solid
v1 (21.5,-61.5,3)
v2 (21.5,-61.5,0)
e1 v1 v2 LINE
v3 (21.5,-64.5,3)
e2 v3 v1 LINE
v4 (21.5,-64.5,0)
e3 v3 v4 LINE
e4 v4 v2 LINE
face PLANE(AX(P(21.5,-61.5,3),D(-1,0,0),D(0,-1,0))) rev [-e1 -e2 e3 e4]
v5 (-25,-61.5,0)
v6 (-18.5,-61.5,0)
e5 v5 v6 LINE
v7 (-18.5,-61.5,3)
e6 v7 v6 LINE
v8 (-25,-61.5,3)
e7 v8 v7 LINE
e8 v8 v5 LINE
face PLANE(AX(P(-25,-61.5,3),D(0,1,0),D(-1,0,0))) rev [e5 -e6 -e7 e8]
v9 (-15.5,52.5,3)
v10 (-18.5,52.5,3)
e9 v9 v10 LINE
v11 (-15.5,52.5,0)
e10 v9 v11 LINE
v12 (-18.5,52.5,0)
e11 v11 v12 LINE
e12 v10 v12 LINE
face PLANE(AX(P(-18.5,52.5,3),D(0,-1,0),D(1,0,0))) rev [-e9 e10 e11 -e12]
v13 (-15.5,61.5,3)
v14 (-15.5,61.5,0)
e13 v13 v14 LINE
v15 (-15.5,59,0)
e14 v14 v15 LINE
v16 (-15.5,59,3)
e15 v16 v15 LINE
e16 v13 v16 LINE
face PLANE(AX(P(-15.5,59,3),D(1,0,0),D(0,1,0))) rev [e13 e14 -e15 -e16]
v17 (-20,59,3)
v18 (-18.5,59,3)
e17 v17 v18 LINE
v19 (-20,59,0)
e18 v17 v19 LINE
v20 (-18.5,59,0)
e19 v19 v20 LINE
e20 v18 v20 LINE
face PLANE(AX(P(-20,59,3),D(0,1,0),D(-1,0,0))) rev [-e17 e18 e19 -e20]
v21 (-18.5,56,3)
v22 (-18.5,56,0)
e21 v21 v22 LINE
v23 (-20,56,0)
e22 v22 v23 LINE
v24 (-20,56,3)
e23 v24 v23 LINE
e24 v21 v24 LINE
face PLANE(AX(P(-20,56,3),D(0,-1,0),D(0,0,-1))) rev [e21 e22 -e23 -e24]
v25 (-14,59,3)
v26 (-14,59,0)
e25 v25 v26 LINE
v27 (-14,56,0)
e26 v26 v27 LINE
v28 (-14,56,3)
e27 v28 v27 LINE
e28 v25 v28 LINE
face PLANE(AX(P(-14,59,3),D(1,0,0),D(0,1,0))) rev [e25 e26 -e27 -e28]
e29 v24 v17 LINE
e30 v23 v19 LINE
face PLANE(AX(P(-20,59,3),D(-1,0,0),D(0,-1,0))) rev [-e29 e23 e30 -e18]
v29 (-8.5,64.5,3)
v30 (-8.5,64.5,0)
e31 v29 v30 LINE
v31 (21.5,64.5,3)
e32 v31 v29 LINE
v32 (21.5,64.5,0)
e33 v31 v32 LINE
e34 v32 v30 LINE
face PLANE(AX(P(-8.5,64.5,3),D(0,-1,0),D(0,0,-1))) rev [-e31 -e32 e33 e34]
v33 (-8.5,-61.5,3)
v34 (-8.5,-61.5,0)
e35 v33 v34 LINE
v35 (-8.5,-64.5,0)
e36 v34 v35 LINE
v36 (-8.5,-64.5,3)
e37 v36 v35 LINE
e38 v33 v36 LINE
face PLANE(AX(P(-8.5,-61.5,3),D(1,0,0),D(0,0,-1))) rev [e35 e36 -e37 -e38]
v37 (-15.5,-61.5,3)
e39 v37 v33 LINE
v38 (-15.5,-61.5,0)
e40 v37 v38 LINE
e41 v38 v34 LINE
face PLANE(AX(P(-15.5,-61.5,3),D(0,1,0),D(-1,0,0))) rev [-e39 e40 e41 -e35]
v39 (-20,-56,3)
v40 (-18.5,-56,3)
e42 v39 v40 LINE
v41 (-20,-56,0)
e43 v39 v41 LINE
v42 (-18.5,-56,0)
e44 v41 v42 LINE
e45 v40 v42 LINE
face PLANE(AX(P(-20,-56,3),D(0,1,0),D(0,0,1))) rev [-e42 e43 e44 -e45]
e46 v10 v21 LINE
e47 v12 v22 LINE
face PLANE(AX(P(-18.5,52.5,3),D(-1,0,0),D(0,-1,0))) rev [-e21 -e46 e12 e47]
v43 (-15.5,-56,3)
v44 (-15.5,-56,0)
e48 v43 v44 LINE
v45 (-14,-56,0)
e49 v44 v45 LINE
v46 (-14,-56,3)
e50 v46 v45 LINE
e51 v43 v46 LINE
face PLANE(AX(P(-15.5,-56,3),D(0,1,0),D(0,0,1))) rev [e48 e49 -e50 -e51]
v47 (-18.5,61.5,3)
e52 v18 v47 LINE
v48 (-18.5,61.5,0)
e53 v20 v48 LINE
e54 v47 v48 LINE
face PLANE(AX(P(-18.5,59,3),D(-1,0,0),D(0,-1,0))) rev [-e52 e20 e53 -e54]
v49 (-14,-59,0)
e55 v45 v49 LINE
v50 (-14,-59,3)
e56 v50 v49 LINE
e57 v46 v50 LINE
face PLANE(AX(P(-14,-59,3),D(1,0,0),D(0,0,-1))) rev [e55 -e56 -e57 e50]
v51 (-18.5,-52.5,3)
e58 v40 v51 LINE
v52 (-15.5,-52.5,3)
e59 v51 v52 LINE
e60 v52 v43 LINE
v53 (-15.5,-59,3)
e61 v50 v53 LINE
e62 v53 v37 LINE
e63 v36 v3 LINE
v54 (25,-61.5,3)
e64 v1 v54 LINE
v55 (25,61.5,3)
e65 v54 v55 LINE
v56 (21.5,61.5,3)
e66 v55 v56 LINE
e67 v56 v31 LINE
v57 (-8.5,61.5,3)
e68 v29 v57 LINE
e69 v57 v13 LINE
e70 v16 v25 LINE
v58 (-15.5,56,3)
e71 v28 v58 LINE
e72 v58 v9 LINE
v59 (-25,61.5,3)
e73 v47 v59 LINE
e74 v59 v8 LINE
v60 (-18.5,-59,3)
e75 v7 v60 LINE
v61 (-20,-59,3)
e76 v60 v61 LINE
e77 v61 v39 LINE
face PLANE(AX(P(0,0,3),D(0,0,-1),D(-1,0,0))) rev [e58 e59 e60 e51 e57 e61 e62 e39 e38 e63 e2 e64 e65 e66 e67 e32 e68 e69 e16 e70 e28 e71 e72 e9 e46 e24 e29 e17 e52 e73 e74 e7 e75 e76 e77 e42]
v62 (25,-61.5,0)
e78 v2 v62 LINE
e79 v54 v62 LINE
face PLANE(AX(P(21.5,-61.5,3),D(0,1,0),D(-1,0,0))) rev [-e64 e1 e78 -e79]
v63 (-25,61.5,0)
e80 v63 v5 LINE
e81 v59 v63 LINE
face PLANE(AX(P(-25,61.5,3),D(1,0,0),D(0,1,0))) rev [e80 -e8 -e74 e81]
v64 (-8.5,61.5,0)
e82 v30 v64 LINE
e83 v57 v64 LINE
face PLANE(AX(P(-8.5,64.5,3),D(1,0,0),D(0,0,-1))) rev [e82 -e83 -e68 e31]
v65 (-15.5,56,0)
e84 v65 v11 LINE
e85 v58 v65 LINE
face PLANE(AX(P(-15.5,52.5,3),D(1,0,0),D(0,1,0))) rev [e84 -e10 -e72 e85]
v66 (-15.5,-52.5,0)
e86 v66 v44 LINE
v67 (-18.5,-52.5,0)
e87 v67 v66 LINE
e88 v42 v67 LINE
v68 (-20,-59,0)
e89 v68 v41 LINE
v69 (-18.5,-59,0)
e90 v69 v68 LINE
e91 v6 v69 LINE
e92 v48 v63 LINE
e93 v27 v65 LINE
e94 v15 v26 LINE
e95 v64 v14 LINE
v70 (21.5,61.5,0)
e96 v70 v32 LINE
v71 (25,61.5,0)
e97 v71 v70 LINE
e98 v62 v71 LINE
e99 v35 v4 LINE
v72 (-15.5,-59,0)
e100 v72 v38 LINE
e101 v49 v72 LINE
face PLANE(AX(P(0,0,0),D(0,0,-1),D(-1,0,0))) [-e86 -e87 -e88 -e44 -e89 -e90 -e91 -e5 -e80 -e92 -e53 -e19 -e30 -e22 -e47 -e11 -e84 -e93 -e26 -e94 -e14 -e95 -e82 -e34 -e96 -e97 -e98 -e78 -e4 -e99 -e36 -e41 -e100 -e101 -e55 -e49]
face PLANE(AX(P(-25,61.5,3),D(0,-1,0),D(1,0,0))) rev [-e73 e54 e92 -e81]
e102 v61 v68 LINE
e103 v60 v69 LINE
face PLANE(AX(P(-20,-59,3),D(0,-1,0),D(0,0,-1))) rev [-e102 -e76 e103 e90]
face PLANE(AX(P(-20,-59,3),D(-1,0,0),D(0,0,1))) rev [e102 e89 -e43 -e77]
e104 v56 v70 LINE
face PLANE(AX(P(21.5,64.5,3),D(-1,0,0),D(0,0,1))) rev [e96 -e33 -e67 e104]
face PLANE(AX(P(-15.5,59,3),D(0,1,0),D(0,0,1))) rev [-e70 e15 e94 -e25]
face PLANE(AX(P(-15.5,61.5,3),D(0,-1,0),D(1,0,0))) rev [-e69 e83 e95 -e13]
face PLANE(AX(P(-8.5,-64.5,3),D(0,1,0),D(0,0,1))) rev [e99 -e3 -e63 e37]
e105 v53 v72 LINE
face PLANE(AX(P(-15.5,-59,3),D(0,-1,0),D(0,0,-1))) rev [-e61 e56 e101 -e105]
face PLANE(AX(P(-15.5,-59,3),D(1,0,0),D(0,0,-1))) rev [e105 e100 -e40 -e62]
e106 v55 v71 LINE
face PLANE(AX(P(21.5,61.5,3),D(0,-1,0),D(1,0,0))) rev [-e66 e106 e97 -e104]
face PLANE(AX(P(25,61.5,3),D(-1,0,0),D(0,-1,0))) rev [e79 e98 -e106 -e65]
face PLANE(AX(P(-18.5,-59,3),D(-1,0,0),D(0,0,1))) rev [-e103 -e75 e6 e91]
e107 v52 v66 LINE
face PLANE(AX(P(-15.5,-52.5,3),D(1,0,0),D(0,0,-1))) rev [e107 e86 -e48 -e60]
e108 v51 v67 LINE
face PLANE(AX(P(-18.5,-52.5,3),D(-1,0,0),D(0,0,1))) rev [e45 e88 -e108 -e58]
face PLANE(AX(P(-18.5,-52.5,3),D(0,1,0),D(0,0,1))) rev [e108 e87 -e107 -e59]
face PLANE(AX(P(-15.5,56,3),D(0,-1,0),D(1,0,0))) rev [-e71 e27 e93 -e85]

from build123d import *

# Parameters (mm, degrees)
BOSS_EXTRUDE1_DEPTH = 3


with BuildPart() as part:
    # Sketch1 → Boss-Extrude1 (new body)
    with BuildSketch(Plane.XY):
        Polygon((-15.5, 61.5), (-8.5, 61.5), (-8.5, 64.5), (21.5, 64.5), (21.5, 61.5), (25, 61.5), (25, -61.5), (21.5, -61.5), (21.5, -64.5), (-8.5, -64.5), (-8.5, -61.5), (-15.5, -61.5), (-15.5, -59), (-14, -59), (-14, -56), (-15.5, -56), (-15.5, -52.5), (-18.5, -52.5), (-18.5, -56), (-20, -56), (-20, -59), (-18.5, -59), (-18.5, -61.5), (-25, -61.5), (-25, 61.5), (-18.5, 61.5), (-18.5, 59), (-20, 59), (-20, 56), (-18.5, 56), (-18.5, 52.5), (-15.5, 52.5), (-15.5, 56), (-14, 56), (-14, 59), (-15.5, 59), align=None)
    extrude(amount=BOSS_EXTRUDE1_DEPTH)


solid = part.part
